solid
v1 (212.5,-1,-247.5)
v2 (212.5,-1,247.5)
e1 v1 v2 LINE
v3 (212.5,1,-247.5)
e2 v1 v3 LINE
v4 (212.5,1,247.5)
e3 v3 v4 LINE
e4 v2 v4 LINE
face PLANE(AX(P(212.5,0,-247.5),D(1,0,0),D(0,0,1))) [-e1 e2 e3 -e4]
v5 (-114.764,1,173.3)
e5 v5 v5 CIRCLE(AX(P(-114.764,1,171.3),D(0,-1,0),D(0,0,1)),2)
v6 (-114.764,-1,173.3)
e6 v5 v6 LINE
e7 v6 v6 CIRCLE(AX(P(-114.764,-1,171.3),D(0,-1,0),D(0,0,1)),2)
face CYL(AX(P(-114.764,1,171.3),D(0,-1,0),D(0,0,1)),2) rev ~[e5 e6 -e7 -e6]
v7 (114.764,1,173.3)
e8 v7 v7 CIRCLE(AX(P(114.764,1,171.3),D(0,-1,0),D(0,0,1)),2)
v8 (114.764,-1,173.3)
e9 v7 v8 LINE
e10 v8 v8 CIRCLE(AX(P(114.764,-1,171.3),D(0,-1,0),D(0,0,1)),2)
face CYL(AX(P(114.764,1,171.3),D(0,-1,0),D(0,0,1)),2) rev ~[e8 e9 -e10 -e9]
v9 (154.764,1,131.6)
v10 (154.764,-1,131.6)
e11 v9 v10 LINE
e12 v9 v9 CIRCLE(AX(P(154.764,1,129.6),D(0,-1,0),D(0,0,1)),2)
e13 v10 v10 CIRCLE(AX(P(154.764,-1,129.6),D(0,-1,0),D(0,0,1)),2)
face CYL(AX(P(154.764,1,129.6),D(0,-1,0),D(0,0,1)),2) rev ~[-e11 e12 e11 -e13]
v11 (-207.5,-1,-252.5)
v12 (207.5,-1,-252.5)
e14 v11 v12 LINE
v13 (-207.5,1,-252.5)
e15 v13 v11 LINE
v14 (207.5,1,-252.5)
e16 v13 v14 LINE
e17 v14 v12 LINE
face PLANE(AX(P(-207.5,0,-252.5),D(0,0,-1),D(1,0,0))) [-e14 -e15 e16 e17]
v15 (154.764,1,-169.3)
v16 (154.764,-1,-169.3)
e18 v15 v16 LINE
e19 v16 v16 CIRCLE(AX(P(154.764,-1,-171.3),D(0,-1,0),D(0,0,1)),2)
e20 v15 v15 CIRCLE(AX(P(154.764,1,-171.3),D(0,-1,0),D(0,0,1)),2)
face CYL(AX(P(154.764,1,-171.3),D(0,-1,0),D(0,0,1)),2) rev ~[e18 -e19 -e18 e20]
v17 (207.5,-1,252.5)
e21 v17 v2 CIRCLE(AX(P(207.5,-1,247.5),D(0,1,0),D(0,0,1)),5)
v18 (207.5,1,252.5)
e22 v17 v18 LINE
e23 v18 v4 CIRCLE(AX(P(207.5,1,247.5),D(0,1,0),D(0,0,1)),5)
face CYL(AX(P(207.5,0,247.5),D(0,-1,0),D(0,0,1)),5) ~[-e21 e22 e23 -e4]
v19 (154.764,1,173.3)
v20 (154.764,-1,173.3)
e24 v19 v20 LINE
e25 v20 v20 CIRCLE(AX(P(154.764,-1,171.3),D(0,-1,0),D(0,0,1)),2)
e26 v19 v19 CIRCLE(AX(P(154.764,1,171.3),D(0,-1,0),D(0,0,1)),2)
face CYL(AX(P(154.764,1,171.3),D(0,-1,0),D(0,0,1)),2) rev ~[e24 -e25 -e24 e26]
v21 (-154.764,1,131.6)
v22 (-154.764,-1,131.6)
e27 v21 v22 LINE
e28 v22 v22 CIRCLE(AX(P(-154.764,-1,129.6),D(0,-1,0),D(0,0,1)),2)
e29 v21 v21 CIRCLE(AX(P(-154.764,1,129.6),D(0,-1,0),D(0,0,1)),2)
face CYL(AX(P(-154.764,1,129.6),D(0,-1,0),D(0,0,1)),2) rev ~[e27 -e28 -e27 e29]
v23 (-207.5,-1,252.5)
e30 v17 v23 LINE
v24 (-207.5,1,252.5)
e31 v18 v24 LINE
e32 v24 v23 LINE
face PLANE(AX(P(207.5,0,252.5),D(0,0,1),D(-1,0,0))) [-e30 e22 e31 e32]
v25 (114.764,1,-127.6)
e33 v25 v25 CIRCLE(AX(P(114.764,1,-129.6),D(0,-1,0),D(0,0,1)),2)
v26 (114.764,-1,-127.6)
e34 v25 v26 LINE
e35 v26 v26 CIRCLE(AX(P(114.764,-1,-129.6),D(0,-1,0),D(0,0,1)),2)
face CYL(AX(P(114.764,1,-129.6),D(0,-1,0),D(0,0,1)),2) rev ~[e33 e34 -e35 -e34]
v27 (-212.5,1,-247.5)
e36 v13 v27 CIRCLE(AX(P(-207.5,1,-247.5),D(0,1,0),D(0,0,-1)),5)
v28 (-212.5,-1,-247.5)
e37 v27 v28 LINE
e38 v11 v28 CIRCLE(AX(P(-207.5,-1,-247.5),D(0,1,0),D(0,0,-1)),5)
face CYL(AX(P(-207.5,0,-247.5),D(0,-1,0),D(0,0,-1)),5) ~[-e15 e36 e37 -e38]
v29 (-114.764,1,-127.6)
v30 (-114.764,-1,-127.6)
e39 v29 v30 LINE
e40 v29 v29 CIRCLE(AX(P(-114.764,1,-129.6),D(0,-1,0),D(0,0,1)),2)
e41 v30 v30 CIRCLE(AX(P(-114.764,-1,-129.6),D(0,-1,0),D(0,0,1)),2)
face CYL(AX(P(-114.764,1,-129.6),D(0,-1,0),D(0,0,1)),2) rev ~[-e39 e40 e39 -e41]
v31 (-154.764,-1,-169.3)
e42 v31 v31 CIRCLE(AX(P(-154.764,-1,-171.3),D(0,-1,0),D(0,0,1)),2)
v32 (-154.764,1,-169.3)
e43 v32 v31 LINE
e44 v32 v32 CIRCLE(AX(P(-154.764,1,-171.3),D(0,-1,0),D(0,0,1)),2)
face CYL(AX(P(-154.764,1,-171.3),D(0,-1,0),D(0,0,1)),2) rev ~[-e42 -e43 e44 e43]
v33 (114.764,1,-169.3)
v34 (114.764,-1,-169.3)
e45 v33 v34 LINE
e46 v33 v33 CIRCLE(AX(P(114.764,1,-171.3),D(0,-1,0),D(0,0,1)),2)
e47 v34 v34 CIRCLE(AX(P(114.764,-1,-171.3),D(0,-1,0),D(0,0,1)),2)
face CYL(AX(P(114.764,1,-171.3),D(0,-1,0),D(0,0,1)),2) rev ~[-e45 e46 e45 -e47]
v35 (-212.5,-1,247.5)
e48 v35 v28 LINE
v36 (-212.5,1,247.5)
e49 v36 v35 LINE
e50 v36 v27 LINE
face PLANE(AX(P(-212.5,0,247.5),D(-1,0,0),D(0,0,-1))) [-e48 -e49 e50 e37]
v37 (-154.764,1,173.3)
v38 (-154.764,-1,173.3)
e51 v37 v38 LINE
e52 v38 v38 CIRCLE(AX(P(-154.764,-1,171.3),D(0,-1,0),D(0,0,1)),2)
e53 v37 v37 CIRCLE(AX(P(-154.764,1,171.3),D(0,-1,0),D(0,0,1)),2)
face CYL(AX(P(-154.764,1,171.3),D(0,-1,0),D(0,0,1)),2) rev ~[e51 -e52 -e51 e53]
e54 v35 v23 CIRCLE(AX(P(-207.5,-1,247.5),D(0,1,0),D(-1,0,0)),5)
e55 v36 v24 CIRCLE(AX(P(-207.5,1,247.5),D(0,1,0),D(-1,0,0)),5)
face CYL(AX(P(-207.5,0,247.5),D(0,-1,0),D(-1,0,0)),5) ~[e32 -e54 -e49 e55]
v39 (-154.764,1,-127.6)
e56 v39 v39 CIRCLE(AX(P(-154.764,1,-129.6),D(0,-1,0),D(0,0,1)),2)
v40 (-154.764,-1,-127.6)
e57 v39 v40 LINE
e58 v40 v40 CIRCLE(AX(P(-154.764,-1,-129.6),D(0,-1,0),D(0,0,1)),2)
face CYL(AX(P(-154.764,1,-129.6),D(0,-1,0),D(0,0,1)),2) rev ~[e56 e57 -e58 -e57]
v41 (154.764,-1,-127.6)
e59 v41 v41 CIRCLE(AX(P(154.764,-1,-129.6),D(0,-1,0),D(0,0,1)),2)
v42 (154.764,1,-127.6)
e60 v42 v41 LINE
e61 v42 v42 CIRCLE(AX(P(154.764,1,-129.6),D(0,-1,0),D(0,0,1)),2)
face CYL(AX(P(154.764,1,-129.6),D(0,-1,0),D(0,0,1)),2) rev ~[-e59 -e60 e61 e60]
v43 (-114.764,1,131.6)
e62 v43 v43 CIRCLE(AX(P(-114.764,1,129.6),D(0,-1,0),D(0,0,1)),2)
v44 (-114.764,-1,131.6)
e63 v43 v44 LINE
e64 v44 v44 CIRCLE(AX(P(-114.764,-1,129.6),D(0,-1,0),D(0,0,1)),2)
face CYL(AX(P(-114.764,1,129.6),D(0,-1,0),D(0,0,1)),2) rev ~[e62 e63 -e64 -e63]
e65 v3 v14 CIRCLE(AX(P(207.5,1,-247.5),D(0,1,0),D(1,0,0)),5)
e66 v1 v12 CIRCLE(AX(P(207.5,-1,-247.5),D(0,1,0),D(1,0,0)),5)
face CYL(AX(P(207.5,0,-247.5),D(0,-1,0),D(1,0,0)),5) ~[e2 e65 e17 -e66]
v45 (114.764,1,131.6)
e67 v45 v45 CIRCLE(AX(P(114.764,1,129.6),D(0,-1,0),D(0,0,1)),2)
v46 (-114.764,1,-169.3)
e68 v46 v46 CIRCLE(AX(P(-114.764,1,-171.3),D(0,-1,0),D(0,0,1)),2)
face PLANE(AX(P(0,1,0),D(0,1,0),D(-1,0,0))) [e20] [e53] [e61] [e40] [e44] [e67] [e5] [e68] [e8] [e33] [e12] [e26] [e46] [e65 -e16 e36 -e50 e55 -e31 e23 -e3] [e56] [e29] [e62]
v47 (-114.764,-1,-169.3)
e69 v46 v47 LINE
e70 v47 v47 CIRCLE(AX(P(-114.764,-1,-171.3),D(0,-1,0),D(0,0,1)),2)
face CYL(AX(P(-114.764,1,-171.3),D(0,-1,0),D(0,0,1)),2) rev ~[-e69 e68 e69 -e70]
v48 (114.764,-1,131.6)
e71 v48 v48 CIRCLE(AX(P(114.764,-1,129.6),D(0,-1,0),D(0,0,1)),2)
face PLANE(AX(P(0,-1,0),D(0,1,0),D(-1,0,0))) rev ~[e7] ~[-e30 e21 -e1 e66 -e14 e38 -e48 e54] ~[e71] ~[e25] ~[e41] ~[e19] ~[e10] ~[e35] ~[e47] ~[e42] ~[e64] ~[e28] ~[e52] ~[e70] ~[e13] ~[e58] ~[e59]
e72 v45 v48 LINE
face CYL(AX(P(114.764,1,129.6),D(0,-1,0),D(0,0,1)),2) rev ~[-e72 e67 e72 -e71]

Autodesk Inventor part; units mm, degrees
ref_plane "YZ Plane" through (0, 0, 0) normal (1, 0, 0) x (0, 1, 0)
ref_plane "XZ Plane" through (0, 0, 0) normal (0, 1, 0) x (-1, 0, 0)
ref_plane "XY Plane" through (0, 0, 0) normal (0, 0, 1) x (1, 0, 0)
sketch "Sketch2" plane through (0, 0, 0) normal (0, 1, 0) x (-1, 0, 0)
  line L0 (-207.5, 252.5) -> (207.5, 252.5)
  line L1 (212.5, 247.5) -> (212.5, -247.5)
  line L2 (207.5, -252.5) -> (-207.5, -252.5)
  line L3 (-212.5, -247.5) -> (-212.5, 247.5)
  line L4 (-212.5, 252.5) -> (212.5, -252.5) construction
  line L5 (212.5, 252.5) -> (-212.5, -252.5) construction
  arc A0 (212.5, 247.5) -> (207.5, 252.5) centre (207.5, 247.5) ccw
  arc A1 (207.5, -252.5) -> (212.5, -247.5) centre (207.5, -247.5) ccw
  arc A2 (-207.5, 252.5) -> (-212.5, 247.5) centre (-207.5, 247.5) ccw
  arc A3 (-212.5, -247.5) -> (-207.5, -252.5) centre (-207.5, -247.5) ccw
  point P0 (0, 0)
  dimension "d10" = 425
  dimension "d11" = 505
  dimension "d12" = 5
extrude "Extrusion3" add sketch "Sketch2" along normal mid plane 2
sketch "Sketch3" plane through (0, 1, 0) normal (0, 1, 0) x (1, 0, 0)
  line L0 (-212.5, 247.5) -> (-212.5, -247.5) construction
  arc A0 (-212.5, -247.5) -> (-207.5, -252.5) centre (-207.5, -247.5) ccw construction
  line L1 (-207.5, -252.5) -> (207.5, -252.5) construction
  arc A1 (207.5, -252.5) -> (212.5, -247.5) centre (207.5, -247.5) ccw construction
  line L2 (212.5, -247.5) -> (212.5, 247.5) construction
  arc A2 (212.5, 247.5) -> (207.5, 252.5) centre (207.5, 247.5) ccw construction
  line L3 (207.5, 252.5) -> (-207.5, 252.5) construction
  arc A3 (-207.5, 252.5) -> (-212.5, 247.5) centre (-207.5, 247.5) ccw construction
  circle A4 centre (-154.764, 129.6) radius 2.15 construction
  circle A5 centre (-154.764, 171.3) radius 2.15 construction
  circle A6 centre (-114.764, 129.6) radius 2.15 construction
  circle A7 centre (-114.764, 171.3) radius 2.15 construction
  circle A8 centre (114.764, 129.6) radius 2.15 construction
  circle A9 centre (114.764, 171.3) radius 2.15 construction
  circle A10 centre (154.764, 129.6) radius 2.15 construction
  circle A11 centre (154.764, 171.3) radius 2.15 construction
  line L4 (-212.5, 247.5) -> (-212.5, -247.5) construction
  line L5 (-212.5, 0) -> (212.5, 0) construction
  arc A12 (207.5, -252.5) -> (212.5, -247.5) centre (207.5, -247.5) ccw construction
  line L6 (207.5, -252.5) -> (-207.5, -252.5) construction
  arc A13 (-212.5, -247.5) -> (-207.5, -252.5) centre (-207.5, -247.5) ccw construction
  circle A14 centre (-154.764, -129.6) radius 2.15 construction
  circle A15 centre (-154.764, -171.3) radius 2.15 construction
  circle A16 centre (-114.764, -129.6) radius 2.15 construction
  circle A17 centre (-114.764, -171.3) radius 2.15 construction
  circle A18 centre (114.764, -129.6) radius 2.15 construction
  circle A19 centre (114.764, -171.3) radius 2.15 construction
  circle A20 centre (154.764, -129.6) radius 2.15 construction
  circle A21 centre (154.764, -171.3) radius 2.15 construction
  point P0 (0, 0)
  dimension "d15" = 4.3
  dimension "d16" = 4.3
  dimension "d17" = 41.7
  dimension "d18" = 81.2
  dimension "d19" = 57.736
  dimension "d20" = 4.3
  dimension "d21" = 97.736
  dimension "d22" = 4.3
  dimension "d23" = 4.3
  dimension "d24" = 327.264
  dimension "d25" = 4.3
  dimension "d26" = 4.3
  dimension "d27" = 367.264
  dimension "d28" = 4.3
  dimension "d29" = 41.7
  dimension "d30" = 41.7
  dimension "d31" = 81.2
  dimension "d32" = 81.2
  dimension "d33" = 57.736
  dimension "d34" = 97.736
  dimension "d35" = 327.264
  dimension "d36" = 81.2
  dimension "d37" = 122.9
  dimension "d38" = 367.264
hole "Hole1" at (-154.764, 1, 171.3) at (-154.764, 1, 129.6) at (-114.764, 1, 129.6) at (-114.764, 1, 171.3) at (114.764, 1, 171.3) at (114.764, 1, 129.6) at (154.764, 1, 171.3) at (154.764, 1, 129.6) at (-154.764, 1, -171.3) at (-154.764, 1, -129.6) at (-114.764, 1, -129.6) at (-114.764, 1, -171.3) at (154.764, 1, -171.3) at (154.764, 1, -129.6) at (114.764, 1, -129.6) at (114.764, 1, -171.3) direction (0, -1, 0) diameter 4 end through all
properties part number "LiftBase" material "Steel, Galvanized"
